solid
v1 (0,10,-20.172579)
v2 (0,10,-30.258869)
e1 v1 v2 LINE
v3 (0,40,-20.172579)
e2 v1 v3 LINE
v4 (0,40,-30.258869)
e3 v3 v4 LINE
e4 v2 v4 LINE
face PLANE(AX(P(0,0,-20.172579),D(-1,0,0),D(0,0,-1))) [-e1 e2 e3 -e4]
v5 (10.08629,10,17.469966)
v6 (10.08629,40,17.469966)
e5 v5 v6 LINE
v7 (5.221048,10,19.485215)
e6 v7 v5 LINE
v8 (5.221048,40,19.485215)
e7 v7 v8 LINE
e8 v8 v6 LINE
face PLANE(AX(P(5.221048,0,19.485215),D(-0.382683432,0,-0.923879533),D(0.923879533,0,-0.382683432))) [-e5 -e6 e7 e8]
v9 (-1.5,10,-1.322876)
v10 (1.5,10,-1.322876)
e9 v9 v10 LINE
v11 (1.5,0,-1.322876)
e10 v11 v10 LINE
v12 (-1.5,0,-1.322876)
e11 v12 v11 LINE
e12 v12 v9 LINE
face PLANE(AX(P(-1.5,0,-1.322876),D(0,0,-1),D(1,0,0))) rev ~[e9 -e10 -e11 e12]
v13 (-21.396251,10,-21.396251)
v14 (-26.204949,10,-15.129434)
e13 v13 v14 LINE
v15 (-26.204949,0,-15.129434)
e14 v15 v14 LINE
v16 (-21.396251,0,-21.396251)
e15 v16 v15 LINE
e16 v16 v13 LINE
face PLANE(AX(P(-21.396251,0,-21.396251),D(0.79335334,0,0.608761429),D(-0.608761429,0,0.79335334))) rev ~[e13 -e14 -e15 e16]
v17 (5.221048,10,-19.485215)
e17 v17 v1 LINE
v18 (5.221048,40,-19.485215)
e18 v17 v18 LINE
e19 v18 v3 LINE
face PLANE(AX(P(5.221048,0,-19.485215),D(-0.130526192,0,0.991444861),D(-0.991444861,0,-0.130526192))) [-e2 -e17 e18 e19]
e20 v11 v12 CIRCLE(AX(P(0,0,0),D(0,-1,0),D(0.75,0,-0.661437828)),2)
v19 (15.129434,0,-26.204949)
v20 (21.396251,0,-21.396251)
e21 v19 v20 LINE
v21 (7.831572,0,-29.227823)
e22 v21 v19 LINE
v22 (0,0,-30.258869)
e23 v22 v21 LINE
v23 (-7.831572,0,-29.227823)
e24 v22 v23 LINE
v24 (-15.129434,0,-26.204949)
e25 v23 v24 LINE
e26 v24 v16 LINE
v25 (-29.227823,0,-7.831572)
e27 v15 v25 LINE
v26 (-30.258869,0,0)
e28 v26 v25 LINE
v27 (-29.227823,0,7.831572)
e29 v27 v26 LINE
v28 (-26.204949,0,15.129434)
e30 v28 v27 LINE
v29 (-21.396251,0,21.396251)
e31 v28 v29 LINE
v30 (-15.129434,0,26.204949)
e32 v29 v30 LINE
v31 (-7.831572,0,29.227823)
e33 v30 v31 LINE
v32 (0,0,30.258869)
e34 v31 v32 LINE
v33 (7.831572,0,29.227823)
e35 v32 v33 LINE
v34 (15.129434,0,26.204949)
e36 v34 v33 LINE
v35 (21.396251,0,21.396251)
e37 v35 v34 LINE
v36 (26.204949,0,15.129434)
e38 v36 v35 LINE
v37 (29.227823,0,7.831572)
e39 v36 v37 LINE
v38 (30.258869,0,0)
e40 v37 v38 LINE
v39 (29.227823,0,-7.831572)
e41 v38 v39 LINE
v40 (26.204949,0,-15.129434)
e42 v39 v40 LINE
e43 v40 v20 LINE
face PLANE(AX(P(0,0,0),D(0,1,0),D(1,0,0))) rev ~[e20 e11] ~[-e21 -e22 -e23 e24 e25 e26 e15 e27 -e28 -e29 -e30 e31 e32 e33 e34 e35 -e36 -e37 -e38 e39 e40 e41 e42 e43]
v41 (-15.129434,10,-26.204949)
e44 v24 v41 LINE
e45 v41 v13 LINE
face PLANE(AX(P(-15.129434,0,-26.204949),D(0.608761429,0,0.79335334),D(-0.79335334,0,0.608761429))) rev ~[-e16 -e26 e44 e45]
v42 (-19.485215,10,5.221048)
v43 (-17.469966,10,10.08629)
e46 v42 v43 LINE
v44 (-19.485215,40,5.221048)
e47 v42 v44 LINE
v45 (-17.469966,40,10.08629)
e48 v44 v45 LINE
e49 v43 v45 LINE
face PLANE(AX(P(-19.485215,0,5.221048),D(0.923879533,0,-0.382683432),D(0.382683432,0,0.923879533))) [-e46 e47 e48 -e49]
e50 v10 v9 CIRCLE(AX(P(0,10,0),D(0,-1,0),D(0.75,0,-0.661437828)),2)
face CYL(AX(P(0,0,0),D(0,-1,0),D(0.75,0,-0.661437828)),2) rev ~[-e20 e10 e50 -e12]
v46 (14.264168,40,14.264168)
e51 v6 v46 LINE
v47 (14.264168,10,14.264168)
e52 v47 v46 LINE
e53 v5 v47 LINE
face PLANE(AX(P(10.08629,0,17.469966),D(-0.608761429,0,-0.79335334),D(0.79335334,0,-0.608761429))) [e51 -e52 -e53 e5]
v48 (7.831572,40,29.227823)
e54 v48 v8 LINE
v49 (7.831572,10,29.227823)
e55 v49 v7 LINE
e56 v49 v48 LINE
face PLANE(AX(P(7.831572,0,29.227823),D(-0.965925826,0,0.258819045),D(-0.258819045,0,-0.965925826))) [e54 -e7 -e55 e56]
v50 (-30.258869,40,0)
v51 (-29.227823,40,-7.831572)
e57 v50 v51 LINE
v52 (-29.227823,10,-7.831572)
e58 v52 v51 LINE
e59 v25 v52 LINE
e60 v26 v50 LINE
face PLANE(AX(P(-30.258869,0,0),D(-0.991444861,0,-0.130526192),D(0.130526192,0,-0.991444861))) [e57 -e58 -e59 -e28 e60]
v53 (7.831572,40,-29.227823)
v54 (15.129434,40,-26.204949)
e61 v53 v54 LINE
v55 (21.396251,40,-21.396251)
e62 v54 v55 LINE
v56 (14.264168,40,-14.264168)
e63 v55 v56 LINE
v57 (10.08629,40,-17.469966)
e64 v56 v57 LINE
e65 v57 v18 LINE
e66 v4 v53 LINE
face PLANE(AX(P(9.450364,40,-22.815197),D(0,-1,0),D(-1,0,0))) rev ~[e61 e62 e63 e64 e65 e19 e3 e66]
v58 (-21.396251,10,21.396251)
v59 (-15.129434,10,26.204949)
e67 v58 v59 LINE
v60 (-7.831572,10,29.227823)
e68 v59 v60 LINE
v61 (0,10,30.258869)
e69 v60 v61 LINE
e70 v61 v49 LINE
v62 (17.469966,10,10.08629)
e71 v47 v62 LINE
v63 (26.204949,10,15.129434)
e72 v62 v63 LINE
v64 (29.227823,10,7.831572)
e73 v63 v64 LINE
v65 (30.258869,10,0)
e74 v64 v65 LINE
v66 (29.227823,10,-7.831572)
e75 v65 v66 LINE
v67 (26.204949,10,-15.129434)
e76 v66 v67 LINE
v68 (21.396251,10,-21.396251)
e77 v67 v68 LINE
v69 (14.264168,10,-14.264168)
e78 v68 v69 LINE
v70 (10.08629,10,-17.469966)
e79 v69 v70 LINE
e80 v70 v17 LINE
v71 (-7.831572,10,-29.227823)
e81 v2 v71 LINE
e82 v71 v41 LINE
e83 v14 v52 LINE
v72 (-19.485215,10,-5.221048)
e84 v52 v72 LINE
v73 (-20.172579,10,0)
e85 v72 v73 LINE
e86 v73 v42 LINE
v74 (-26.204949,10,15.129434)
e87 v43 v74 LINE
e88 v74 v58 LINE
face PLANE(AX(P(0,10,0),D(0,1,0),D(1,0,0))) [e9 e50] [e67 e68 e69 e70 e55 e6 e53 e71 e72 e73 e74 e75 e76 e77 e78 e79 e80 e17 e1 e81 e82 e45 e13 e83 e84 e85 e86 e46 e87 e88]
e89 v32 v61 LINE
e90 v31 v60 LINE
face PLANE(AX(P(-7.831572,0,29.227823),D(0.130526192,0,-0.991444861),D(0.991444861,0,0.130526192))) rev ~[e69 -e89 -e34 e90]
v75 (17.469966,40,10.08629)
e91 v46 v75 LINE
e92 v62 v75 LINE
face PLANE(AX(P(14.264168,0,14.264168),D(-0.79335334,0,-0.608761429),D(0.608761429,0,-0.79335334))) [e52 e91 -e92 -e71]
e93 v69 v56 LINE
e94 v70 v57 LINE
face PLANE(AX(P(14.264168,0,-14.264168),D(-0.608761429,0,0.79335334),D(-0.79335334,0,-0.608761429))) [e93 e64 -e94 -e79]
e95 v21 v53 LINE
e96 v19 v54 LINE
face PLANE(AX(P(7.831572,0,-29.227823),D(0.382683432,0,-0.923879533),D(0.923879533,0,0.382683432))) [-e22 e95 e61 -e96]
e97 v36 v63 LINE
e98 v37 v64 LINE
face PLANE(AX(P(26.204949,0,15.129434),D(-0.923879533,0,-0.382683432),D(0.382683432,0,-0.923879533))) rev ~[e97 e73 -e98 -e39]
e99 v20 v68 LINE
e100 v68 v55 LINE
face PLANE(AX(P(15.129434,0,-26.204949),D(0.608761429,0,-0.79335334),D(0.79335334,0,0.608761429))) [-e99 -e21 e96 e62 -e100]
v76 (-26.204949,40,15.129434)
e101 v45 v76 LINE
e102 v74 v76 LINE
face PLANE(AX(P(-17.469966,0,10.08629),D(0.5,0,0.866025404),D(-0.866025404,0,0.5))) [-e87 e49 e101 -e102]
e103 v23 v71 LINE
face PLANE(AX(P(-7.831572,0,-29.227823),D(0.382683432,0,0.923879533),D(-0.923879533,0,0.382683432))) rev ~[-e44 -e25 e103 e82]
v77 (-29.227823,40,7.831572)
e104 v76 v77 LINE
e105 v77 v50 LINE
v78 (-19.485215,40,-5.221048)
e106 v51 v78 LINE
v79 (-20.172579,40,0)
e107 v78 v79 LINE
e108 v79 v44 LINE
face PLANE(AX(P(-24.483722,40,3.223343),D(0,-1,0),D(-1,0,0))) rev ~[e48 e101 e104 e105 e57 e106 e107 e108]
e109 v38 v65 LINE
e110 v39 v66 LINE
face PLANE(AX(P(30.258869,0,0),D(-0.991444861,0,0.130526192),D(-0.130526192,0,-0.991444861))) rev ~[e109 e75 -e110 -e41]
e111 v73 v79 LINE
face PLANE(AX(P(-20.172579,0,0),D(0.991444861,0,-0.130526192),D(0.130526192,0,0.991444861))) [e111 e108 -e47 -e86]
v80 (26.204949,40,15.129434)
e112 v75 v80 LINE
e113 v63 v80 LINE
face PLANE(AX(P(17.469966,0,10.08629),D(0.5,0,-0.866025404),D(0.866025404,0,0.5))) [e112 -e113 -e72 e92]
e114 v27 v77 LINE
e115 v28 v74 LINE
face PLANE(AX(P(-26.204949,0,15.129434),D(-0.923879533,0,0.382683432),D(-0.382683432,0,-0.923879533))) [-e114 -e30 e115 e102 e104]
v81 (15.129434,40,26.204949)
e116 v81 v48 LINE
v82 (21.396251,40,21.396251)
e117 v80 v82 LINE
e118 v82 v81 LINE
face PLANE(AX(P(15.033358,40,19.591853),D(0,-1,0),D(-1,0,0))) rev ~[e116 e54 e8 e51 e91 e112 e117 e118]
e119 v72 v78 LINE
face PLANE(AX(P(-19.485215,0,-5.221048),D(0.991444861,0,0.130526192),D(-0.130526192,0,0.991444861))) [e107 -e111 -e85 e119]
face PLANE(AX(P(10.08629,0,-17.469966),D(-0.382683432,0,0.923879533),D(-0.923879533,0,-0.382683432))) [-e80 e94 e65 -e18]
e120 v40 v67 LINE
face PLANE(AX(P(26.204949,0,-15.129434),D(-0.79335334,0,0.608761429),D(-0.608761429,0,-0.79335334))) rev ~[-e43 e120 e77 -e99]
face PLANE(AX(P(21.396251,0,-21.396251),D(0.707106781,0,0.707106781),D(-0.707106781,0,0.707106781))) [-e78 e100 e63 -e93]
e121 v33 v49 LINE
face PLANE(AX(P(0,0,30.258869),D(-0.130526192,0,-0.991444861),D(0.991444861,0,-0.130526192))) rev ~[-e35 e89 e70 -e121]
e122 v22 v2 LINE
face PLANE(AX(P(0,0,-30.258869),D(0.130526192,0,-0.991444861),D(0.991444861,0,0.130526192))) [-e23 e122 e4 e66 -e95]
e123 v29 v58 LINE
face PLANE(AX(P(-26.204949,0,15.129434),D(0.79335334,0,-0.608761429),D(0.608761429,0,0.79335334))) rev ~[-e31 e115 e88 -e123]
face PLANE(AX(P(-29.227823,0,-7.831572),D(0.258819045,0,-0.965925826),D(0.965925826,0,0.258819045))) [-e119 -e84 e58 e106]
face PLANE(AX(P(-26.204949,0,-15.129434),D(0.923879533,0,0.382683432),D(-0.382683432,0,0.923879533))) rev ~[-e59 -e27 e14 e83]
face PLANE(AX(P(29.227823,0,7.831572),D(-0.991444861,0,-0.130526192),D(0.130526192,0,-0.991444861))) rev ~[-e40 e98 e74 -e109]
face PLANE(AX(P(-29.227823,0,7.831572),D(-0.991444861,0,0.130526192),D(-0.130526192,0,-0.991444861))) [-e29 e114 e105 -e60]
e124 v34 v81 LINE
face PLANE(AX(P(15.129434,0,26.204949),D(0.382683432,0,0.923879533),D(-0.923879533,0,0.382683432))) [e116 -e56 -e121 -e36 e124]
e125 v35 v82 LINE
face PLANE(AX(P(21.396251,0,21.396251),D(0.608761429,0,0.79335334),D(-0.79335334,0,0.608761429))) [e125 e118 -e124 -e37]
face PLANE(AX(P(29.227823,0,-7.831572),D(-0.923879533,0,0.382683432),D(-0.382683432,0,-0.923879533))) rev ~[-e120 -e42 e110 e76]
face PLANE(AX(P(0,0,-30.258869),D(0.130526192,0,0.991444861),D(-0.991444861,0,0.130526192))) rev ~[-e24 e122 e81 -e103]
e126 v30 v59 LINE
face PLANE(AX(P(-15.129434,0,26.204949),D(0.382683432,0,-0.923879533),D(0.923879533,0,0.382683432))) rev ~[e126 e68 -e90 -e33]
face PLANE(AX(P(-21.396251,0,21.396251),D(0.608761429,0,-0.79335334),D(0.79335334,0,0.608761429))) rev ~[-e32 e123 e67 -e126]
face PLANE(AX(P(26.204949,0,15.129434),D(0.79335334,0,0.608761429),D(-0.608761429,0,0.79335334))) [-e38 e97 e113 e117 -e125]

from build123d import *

# Parameters (mm, degrees)
BOSS_EXTRUDE3_DEPTH   = 40
BOSS_EXTRUDE3_2_DEPTH = 40
BOSS_EXTRUDE3_3_DEPTH = 40
BOSS_EXTRUDE4_DEPTH   = 10


with BuildPart() as part:
    # Sketch1 → Boss-Extrude3 (new body)
    with BuildSketch(Plane(origin=(0, 0, 0), x_dir=(1, 0, 0), z_dir=(0, 1, 0))):
        Polygon((0, 30.258868817), (0, 20.172579212), (5.221047689, 19.485215243), (10.086289606, 17.469966057), (14.264167555, 14.264167555), (21.396251332, 21.396251332), (15.129434409, 26.204949086), (7.831571533, 29.227822865), align=None)
    extrude(amount=BOSS_EXTRUDE3_DEPTH)



with BuildPart() as body_2:
    # Sketch1 → Boss-Extrude3 2 (new body)
    with BuildSketch(Plane(origin=(0, 0, 0), x_dir=(1, 0, 0), z_dir=(0, 1, 0))):
        Polygon((-20.172579212, 0), (-19.485215243, 5.221047689), (-29.227822865, 7.831571533), (-30.258868817, 0), (-29.227822865, -7.831571533), (-26.204949086, -15.129434409), (-17.469966057, -10.086289606), (-19.485215243, -5.221047689), align=None)
    extrude(amount=BOSS_EXTRUDE3_2_DEPTH)


with BuildPart() as body_3:
    # Sketch1 → Boss-Extrude3 3 (new body)
    with BuildSketch(Plane(origin=(0, 0, 0), x_dir=(1, 0, 0), z_dir=(0, 1, 0))):
        Polygon((26.204949086, -15.129434409), (17.469966057, -10.086289606), (14.264167555, -14.264167555), (10.086289606, -17.469966057), (5.221047689, -19.485215243), (7.831571533, -29.227822865), (15.129434409, -26.204949086), (21.396251332, -21.396251332), align=None)
    extrude(amount=BOSS_EXTRUDE3_3_DEPTH)


with BuildPart() as part_1:
    add(part.part)

    add(body_2.part)  # Boss-Extrude4 merges body 2

    add(body_3.part)  # Boss-Extrude4 merges body 3
    # Sketch1<6> → Boss-Extrude4 (add)
    with BuildSketch(Plane(origin=(0, 0, 0), x_dir=(1, 0, 0), z_dir=(0, 1, 0))):
        Polygon((-29.227822865, 7.831571533), (-19.485215243, 5.221047689), (-20.172579212, 0), (-19.485215243, -5.221047689), (-17.469966057, -10.086289606), (-26.204949086, -15.129434409), (-21.396251332, -21.396251332), (-15.129434409, -26.204949086), (-7.831571533, -29.227822865), (0, -30.258868817), (7.831571533, -29.227822865), (5.221047689, -19.485215243), (10.086289606, -17.469966057), (14.264167555, -14.264167555), (17.469966057, -10.086289606), (26.204949086, -15.129434409), (29.227822865, -7.831571533), (30.258868817, 0), (29.227822865, 7.831571533), (26.204949086, 15.129434409), (21.396251332, 21.396251332), (14.264167555, 14.264167555), (10.086289606, 17.469966057), (5.221047689, 19.485215243), (0, 20.172579212), (0, 30.258868817), (-7.831571533, 29.227822865), (-15.129434409, 26.204949086), (-21.396251332, 21.396251332), (-26.204949086, 15.129434409), align=None)
        with BuildLine():
            ThreePointArc((1.5, 1.322875656), (0, -2), (-1.5, 1.322875656))
            Line((-1.5, 1.322875656), (1.5, 1.322875656))
        make_face(mode=Mode.SUBTRACT)
    extrude(amount=BOSS_EXTRUDE4_DEPTH)


solid = part_1.part
